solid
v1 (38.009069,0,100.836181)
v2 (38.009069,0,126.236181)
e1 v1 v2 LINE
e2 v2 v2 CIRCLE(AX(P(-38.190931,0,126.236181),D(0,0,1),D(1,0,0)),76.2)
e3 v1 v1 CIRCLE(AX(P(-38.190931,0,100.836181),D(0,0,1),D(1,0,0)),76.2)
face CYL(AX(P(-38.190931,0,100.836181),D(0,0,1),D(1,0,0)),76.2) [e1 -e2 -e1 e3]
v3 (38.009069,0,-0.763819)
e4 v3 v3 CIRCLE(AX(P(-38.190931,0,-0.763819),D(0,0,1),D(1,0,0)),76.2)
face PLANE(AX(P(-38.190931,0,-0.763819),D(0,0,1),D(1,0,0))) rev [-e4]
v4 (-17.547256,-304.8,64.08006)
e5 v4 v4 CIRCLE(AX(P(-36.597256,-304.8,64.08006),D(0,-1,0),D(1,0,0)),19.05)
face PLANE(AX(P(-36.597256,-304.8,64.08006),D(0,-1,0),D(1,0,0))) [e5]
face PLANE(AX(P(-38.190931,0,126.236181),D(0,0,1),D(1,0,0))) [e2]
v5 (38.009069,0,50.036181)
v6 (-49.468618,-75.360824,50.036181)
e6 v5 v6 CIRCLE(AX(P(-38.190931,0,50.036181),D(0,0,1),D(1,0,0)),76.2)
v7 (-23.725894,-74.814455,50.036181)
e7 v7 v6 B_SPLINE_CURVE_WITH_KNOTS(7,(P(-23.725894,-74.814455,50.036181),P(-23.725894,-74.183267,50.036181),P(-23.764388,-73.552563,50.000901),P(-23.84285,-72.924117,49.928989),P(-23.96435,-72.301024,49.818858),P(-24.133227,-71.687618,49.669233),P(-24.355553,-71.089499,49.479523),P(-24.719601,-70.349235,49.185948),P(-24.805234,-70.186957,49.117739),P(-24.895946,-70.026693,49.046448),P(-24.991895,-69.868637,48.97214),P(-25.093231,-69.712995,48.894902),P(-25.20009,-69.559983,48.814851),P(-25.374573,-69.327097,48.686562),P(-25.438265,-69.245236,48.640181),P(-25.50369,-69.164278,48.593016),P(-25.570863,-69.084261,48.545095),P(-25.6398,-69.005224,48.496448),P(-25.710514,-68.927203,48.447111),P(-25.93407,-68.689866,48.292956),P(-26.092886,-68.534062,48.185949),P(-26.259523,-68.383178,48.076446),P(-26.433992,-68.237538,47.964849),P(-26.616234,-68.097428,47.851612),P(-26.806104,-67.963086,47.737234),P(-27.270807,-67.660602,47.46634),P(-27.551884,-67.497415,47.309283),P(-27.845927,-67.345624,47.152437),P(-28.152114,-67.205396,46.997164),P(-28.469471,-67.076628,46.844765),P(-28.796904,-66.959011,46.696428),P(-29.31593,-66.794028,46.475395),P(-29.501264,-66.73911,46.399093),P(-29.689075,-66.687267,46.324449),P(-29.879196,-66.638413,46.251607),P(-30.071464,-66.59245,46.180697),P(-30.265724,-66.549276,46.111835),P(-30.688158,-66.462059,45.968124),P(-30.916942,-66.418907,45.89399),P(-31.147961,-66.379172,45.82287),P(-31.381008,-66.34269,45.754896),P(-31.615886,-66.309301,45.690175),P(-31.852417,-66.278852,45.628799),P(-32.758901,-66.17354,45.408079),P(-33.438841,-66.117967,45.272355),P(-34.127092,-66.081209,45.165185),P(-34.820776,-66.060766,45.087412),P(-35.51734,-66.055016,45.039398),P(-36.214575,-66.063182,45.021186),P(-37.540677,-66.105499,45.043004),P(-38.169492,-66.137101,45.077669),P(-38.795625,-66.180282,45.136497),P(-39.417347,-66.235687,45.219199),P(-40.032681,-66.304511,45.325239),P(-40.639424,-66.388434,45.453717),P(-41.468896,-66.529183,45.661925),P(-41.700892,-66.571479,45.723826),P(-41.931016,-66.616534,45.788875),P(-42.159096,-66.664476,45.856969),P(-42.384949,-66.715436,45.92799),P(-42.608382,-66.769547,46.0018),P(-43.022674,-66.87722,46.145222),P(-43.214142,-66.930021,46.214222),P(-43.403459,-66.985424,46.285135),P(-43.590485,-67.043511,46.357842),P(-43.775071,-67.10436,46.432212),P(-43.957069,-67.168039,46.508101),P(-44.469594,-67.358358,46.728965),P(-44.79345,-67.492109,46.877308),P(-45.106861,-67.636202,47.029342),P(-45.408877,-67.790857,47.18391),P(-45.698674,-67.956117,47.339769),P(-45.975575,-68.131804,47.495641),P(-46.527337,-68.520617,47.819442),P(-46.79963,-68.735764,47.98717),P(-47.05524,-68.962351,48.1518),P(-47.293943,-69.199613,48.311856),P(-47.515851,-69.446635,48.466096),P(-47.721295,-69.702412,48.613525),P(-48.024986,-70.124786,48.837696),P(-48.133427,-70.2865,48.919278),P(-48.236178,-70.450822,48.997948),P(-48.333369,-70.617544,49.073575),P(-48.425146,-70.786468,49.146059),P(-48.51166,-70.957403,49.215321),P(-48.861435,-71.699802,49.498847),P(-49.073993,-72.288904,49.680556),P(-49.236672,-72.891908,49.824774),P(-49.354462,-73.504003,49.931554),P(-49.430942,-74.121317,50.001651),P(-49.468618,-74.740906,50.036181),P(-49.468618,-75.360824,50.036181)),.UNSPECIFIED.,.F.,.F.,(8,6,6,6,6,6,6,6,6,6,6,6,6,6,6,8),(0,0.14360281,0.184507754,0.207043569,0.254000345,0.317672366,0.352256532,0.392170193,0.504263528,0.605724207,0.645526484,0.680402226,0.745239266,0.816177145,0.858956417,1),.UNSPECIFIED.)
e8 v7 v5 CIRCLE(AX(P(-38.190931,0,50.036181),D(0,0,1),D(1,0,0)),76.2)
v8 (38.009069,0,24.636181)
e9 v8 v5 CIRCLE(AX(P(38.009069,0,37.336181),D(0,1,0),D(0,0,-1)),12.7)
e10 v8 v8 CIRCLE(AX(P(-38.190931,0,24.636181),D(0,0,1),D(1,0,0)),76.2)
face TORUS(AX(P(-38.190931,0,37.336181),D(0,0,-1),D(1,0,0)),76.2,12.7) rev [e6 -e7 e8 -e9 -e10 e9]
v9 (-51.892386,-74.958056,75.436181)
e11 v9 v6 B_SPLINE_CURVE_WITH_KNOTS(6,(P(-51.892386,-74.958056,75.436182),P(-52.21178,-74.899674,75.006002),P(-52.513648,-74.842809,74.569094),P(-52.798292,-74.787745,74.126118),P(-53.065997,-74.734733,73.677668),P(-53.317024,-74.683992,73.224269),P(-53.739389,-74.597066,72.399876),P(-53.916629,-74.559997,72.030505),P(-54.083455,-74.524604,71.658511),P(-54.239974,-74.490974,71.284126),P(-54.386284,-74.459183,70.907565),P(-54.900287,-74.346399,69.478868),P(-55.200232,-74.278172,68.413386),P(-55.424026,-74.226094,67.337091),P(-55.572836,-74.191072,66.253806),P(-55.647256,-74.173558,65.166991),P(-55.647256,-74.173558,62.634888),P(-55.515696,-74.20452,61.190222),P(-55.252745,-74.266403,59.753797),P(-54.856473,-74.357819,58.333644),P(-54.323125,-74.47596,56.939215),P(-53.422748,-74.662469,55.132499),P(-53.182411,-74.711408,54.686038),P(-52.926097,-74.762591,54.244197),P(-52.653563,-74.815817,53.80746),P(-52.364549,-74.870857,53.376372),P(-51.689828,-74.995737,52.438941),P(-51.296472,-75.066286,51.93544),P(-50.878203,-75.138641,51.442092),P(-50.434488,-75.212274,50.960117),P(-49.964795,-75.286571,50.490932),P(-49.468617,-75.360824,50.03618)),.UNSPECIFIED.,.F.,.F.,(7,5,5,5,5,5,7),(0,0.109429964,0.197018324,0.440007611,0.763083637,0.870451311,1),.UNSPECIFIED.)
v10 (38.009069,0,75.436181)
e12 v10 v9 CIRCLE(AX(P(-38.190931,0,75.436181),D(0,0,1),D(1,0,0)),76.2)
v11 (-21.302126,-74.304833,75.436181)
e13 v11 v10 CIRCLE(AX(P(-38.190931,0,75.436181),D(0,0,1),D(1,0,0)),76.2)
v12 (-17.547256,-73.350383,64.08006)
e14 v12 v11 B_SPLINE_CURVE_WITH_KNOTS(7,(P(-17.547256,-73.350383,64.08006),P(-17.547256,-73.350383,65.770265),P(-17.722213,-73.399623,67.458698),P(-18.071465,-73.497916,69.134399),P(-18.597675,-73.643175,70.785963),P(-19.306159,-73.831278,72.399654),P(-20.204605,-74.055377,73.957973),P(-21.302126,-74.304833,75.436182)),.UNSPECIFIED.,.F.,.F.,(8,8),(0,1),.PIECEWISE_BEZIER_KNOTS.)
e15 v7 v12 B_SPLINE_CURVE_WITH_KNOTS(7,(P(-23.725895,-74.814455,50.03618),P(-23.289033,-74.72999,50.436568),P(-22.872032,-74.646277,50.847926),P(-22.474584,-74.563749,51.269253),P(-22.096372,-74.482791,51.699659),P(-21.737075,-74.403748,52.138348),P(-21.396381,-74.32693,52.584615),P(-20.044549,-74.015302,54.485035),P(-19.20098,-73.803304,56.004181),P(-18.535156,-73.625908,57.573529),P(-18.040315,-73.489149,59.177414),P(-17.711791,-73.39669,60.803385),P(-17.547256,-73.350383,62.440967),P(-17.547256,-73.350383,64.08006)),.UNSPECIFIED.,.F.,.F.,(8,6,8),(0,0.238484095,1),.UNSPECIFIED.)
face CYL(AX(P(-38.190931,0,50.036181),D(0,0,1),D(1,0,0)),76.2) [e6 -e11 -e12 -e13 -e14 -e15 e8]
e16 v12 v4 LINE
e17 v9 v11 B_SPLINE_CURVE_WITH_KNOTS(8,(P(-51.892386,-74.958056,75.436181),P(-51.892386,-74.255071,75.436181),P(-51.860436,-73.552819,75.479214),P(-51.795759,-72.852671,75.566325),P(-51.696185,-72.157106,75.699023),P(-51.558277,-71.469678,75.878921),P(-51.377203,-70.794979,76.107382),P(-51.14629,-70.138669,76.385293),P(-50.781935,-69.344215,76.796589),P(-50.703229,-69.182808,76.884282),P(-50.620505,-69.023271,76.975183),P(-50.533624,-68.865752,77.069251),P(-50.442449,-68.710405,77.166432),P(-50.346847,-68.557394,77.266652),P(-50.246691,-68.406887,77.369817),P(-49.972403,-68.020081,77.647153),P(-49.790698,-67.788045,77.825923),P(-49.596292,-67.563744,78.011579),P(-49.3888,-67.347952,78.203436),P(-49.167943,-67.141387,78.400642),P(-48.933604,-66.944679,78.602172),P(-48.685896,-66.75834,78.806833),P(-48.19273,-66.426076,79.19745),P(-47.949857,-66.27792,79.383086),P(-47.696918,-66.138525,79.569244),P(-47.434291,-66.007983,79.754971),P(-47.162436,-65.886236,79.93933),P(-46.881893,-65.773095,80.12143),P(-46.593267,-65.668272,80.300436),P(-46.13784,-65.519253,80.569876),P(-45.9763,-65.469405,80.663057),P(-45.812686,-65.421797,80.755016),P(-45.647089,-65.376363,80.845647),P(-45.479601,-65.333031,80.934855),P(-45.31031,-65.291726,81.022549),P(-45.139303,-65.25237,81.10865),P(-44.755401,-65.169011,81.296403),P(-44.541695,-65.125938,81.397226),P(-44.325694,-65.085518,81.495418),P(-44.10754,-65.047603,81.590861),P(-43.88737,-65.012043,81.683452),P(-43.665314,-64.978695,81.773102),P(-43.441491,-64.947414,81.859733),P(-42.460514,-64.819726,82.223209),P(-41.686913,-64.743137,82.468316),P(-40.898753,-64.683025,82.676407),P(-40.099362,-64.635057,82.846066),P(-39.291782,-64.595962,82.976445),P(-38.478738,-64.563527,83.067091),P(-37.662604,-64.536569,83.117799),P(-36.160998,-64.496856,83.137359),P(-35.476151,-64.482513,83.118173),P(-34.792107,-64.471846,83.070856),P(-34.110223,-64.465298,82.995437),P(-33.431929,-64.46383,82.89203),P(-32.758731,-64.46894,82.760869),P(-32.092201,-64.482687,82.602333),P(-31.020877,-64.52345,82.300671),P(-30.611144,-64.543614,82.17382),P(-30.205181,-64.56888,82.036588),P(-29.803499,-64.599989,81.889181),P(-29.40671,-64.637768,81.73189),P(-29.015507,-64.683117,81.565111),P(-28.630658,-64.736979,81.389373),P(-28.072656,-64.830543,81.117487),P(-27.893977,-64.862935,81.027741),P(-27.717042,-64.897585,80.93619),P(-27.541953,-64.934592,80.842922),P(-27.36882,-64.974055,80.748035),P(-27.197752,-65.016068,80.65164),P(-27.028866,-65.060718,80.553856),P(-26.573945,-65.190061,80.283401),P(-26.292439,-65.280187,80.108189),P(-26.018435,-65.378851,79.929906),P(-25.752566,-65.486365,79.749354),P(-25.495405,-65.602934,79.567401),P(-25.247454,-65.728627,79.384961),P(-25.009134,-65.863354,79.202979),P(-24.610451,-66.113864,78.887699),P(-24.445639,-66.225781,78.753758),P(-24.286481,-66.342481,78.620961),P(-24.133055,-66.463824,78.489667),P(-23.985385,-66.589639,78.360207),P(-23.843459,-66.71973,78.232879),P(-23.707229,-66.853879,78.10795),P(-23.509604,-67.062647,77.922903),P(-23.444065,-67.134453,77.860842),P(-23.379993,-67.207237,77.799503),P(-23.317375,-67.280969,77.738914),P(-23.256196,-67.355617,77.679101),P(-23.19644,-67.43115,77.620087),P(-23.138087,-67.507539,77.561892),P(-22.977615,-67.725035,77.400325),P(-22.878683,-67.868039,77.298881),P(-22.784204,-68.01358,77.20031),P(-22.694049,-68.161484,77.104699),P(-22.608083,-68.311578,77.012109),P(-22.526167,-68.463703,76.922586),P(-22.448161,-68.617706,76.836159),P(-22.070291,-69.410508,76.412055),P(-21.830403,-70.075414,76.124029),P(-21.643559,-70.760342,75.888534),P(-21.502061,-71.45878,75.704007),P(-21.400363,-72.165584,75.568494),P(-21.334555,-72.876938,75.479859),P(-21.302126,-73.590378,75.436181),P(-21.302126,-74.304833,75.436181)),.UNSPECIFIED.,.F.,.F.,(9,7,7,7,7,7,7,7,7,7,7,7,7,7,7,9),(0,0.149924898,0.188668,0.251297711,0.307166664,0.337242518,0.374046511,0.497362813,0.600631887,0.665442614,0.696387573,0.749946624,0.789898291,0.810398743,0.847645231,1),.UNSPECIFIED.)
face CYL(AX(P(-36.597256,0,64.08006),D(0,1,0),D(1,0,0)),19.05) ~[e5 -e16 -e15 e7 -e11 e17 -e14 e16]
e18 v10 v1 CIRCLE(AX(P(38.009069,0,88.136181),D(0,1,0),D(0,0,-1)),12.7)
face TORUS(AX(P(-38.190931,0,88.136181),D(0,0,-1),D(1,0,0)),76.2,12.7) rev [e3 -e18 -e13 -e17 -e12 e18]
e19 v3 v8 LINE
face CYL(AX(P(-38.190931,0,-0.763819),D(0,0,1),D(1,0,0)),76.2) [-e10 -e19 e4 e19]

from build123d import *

# Parameters (mm, degrees)
F2_R     = 19.05
F3_DEPTH = 304.8


with BuildPart() as f1:
    # F0 (on Front) → F1 (revolve)
    with BuildSketch(Plane.XZ):
        with BuildLine():
            Line((-38.190931, -0.763819), (38.009069, -0.763819))
            Line((38.009069, -0.763819), (38.009069, 24.636181))
            ThreePointArc((38.009069, 24.636181), (25.309069, 37.336181), (38.009069, 50.036181))
            Line((38.009069, 50.036181), (38.009069, 75.436181))
            ThreePointArc((38.009069, 75.436181), (25.309069, 88.136181), (38.009069, 100.836181))
            Line((38.009069, 100.836181), (38.009069, 126.236181))
            Line((38.009069, 126.236181), (-38.190931, 126.236181))
            Line((-38.190931, 126.236181), (-38.190931, -0.763819))
        make_face()
    revolve(axis=Axis((-38.190931, 0, 62.736181), (0, 0, 1)))

    # F2 (on Front) → F3 (join)
    with BuildSketch(Plane.XZ):
        with Locations((-36.597256, 64.08006)):
            Circle(F2_R)
    extrude(amount=F3_DEPTH)


solid = f1.part
